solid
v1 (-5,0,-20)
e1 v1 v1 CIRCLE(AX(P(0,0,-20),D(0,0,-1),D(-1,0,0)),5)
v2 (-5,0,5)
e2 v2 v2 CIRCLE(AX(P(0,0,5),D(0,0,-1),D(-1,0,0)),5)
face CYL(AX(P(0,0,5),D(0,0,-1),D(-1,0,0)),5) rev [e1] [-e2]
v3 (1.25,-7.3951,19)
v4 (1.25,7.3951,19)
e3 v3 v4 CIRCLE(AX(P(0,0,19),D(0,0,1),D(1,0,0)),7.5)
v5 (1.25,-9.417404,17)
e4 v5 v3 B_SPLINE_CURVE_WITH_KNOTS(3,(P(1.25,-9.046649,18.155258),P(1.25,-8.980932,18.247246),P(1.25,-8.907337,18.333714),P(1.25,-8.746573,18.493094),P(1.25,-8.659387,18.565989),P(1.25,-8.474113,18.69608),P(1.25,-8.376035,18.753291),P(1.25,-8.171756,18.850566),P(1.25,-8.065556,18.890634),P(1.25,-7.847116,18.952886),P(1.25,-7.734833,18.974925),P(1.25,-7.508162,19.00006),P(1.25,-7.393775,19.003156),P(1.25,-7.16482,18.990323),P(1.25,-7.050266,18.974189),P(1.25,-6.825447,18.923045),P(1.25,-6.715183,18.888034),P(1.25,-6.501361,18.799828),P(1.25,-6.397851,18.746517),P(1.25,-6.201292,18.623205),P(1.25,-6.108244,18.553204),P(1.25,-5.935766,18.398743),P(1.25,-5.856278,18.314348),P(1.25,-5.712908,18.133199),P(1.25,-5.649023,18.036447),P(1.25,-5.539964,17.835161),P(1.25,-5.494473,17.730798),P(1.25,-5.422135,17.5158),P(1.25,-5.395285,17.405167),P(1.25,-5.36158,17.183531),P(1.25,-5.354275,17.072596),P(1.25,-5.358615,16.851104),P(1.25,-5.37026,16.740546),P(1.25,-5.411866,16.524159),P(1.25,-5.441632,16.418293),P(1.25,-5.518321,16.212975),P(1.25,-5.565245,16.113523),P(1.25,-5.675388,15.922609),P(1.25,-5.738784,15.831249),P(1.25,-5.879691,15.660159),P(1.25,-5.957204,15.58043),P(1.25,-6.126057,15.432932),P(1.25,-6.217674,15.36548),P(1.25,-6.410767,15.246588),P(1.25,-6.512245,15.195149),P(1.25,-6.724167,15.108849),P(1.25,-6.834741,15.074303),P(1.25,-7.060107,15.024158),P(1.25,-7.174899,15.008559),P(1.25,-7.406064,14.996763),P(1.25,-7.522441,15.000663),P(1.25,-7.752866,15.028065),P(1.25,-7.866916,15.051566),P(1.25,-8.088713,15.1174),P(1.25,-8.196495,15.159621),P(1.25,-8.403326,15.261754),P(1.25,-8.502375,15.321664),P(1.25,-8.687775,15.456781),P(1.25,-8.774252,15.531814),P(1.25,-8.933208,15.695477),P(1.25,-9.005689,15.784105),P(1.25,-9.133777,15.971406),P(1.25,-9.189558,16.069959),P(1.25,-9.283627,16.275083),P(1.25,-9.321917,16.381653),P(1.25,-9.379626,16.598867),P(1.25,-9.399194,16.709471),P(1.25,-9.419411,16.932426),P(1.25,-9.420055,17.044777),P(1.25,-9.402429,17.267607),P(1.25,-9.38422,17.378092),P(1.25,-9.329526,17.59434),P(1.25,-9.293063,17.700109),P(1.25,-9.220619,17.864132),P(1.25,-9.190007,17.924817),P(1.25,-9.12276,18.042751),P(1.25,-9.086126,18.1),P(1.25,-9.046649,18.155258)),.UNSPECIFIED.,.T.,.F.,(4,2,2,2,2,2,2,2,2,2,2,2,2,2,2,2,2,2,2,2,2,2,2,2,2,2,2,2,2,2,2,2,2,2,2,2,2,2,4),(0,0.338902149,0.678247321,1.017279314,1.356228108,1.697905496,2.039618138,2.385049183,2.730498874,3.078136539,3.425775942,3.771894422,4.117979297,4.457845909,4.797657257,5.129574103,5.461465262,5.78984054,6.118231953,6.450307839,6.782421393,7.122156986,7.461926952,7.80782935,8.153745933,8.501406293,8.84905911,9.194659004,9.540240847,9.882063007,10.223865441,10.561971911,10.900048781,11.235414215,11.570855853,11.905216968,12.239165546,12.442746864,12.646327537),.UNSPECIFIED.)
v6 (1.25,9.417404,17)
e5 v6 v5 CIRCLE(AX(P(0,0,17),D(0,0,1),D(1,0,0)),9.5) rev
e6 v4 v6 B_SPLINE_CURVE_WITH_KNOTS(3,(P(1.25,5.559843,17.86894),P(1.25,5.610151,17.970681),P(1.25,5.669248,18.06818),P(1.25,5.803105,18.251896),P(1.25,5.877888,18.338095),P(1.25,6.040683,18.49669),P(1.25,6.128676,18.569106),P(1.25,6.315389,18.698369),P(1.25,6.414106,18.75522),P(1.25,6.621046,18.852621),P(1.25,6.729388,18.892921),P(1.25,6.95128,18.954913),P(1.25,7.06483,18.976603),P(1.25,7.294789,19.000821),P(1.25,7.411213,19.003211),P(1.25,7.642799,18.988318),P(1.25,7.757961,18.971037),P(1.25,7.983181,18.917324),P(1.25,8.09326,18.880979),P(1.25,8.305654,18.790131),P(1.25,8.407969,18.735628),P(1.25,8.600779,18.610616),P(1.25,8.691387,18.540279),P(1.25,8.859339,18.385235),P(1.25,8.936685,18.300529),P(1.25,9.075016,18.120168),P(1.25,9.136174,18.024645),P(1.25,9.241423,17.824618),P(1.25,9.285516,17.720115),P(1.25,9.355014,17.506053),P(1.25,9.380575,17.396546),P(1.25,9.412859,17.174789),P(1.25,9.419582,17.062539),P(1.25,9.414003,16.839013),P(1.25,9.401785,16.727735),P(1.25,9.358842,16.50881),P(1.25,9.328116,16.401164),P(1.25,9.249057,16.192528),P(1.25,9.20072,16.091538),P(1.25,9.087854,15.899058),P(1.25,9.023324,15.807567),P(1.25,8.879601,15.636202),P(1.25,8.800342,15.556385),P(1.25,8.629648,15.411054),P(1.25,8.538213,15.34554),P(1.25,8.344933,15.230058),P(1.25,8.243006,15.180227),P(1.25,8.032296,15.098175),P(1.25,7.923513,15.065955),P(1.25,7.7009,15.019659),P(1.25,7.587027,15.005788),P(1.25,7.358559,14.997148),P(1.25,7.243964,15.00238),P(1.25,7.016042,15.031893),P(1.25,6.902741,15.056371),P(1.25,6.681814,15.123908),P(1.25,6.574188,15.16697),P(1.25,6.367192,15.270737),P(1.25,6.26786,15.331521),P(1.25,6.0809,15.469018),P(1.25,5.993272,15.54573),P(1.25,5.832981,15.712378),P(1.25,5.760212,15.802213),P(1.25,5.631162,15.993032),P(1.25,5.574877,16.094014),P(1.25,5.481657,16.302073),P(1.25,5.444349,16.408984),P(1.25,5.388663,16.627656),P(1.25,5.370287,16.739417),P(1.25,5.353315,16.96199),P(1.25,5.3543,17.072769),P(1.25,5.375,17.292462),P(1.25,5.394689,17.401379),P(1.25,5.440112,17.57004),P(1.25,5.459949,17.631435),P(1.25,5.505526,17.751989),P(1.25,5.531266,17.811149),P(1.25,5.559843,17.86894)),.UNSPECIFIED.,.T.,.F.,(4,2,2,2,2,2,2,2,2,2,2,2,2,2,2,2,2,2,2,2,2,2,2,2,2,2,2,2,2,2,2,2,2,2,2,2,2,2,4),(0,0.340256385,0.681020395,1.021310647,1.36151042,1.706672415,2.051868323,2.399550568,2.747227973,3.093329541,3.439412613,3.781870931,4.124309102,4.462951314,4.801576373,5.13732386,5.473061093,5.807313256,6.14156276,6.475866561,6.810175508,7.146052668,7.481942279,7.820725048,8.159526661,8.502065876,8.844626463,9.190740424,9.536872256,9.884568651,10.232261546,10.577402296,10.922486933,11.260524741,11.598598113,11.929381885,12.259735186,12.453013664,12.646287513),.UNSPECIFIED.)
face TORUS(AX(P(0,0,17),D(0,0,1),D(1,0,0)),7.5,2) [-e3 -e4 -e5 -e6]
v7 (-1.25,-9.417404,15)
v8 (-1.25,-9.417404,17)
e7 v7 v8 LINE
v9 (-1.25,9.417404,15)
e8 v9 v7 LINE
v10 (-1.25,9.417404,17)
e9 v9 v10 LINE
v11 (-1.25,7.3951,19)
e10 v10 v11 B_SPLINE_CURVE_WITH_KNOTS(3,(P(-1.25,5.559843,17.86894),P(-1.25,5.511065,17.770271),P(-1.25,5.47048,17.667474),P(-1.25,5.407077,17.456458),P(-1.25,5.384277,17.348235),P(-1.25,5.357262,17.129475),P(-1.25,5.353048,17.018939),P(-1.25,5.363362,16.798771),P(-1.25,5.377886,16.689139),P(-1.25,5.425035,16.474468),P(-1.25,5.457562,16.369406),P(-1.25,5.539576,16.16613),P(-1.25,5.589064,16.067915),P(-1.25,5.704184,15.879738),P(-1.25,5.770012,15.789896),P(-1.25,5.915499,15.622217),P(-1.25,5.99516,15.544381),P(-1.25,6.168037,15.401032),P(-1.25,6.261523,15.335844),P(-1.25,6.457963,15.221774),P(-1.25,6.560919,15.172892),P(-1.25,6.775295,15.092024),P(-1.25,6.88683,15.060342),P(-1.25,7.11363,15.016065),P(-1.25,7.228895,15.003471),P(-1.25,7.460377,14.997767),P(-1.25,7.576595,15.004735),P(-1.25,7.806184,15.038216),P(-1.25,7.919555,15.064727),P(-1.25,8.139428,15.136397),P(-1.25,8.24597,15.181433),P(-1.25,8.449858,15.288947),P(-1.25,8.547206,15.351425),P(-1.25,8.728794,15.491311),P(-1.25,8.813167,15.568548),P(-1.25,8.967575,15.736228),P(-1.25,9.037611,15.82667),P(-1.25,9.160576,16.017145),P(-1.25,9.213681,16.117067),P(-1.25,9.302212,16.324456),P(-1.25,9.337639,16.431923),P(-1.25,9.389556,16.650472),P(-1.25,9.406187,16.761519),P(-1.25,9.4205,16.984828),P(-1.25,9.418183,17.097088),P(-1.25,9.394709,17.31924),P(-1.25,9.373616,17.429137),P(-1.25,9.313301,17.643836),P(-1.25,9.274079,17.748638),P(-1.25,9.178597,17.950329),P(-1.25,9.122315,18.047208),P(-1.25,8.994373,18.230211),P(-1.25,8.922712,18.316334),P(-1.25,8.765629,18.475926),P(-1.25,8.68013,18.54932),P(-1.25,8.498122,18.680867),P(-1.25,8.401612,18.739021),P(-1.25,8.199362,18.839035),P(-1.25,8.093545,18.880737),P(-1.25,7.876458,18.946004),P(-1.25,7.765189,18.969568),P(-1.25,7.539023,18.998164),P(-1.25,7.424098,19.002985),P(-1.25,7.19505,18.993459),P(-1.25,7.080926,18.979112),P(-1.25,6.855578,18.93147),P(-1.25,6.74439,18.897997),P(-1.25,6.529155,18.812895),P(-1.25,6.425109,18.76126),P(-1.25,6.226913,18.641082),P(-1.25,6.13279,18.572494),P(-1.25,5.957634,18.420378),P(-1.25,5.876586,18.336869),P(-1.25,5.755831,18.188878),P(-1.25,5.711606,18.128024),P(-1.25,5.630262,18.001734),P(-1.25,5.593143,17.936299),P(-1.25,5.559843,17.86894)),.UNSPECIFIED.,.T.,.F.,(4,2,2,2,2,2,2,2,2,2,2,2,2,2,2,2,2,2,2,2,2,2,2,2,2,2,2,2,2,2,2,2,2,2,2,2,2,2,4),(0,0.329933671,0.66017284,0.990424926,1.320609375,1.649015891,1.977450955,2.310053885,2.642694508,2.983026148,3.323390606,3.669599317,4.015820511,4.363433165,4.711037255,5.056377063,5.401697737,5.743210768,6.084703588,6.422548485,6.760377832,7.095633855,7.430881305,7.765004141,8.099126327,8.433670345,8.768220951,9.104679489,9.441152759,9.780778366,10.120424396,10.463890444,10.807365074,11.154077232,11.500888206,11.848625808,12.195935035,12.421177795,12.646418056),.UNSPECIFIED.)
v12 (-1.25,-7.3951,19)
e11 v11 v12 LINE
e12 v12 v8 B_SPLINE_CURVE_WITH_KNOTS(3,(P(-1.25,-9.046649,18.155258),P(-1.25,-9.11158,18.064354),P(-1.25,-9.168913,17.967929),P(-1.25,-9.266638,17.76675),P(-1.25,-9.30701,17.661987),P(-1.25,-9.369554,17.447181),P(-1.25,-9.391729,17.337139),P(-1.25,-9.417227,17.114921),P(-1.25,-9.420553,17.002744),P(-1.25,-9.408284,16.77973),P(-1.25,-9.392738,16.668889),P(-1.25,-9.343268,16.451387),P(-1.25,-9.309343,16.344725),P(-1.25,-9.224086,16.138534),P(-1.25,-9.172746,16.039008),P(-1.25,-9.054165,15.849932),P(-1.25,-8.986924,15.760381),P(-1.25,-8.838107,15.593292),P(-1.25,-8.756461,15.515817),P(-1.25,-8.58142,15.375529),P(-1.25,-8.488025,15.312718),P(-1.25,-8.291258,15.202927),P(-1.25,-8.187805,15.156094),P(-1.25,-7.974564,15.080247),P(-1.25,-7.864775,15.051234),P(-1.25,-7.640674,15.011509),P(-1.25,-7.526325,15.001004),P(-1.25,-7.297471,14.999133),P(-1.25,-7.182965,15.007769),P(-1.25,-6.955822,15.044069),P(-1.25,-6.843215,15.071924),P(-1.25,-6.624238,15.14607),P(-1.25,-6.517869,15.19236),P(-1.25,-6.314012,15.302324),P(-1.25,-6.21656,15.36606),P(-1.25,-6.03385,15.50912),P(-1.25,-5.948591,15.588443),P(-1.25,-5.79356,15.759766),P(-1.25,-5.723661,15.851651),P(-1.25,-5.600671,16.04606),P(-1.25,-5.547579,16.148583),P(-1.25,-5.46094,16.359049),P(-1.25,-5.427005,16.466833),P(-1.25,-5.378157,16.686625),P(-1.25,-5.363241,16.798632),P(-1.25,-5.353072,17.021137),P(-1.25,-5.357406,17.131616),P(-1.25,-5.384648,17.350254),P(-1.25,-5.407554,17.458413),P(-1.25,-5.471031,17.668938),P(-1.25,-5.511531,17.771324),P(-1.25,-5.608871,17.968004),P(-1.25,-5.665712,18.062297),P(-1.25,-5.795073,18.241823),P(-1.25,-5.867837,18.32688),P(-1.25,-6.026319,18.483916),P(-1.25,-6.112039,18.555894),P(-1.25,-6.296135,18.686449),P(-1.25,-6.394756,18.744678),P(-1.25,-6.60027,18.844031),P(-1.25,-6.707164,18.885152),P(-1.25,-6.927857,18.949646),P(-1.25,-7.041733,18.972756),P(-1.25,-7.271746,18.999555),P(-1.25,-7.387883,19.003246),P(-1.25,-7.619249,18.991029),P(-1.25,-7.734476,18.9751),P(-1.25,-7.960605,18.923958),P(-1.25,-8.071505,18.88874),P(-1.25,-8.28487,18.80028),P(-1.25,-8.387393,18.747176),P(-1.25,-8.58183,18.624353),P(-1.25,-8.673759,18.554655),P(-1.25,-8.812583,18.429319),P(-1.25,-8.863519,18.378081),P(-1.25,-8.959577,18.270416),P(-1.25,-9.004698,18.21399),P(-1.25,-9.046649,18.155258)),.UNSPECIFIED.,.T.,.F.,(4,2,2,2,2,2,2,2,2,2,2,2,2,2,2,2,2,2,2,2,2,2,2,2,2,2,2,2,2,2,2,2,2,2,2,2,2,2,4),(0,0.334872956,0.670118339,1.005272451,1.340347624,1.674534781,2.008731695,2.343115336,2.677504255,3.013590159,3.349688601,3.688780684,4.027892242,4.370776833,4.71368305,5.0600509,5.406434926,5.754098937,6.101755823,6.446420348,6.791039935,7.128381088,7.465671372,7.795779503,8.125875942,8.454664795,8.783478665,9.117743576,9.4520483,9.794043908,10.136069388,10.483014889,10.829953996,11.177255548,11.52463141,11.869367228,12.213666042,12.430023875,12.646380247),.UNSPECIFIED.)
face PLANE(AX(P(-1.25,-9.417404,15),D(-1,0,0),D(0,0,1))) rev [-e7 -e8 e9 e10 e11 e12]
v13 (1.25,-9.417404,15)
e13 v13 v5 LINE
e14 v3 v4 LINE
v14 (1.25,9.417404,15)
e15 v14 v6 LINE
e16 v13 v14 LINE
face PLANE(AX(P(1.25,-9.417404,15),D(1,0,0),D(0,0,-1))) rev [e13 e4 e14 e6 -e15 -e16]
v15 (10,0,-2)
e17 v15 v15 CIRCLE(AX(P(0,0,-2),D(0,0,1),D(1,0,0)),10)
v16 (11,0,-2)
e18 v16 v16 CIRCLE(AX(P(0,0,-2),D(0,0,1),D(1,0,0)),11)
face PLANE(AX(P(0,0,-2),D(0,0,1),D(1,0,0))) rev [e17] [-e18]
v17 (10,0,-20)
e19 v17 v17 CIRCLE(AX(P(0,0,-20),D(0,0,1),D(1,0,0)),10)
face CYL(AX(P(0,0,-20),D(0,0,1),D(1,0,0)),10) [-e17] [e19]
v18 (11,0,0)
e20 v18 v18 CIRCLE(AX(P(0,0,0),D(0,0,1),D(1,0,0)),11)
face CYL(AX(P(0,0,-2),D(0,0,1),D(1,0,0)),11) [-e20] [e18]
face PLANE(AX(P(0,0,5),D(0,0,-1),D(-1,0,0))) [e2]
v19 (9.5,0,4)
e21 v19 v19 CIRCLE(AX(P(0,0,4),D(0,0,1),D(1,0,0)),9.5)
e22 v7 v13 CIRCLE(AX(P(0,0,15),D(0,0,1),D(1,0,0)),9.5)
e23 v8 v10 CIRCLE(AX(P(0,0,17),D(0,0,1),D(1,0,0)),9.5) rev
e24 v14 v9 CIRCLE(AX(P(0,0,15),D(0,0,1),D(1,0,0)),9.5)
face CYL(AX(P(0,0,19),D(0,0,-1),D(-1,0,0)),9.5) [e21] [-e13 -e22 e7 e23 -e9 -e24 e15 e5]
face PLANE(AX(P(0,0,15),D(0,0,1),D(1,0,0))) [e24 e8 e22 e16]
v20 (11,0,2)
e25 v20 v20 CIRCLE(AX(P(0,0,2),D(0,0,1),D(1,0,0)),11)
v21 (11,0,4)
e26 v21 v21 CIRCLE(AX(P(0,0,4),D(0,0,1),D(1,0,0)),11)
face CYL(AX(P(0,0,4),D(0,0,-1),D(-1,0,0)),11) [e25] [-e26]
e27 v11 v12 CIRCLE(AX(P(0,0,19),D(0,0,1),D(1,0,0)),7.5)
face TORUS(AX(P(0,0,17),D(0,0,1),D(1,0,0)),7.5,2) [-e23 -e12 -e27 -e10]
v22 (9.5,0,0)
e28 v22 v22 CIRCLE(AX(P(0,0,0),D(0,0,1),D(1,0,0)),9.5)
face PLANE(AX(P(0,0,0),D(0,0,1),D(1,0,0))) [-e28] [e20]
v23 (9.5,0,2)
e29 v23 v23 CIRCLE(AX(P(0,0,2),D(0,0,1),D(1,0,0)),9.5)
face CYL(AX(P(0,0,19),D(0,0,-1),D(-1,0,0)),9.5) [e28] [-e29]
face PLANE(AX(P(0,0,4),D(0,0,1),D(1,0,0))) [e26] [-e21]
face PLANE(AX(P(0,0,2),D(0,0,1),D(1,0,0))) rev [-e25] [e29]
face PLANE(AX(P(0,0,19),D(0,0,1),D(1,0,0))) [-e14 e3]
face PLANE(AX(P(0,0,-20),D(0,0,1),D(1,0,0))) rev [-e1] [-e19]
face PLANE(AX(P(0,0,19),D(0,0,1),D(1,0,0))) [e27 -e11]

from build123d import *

# Parameters (mm, degrees)
SKETCH1_R           = 9.5
BOSS_EXTRUDE1_DEPTH = 19
SKETCH1_5_R         = 10
BOSS_EXTRUDE4_DEPTH = 20
BOSS_EXTRUDE2_START = 2
SKETCH1_3_R         = 11
SKETCH1_3_R_2       = 9.5
BOSS_EXTRUDE2_DEPTH = 2
SKETCH1_4_R         = 11
SKETCH1_4_R_2       = 10
BOSS_EXTRUDE3_DEPTH = 2
FILLET1_R           = 2
CUT_EXTRUDE3_START  = -4
CUT_EXTRUDE3_DEPTH  = 4
SKETCH6_R           = 5
CUT_EXTRUDE4_DEPTH  = 25


with BuildPart() as part:
    # Sketch1 → Boss-Extrude1 (new body)
    with BuildSketch(Plane.XY):
        Circle(SKETCH1_R)
    extrude(amount=BOSS_EXTRUDE1_DEPTH)

    # Sketch1<5> → Boss-Extrude4 (add)
    with BuildSketch(Plane.XY):
        Circle(SKETCH1_5_R)
    extrude(amount=-BOSS_EXTRUDE4_DEPTH)

    # Sketch1<3> → Boss-Extrude2 (add)
    with BuildSketch(Plane.XY.offset(BOSS_EXTRUDE2_START)):
        Circle(SKETCH1_3_R)
        Circle(SKETCH1_3_R_2, mode=Mode.SUBTRACT)
    extrude(amount=BOSS_EXTRUDE2_DEPTH)

    # Sketch1<4> → Boss-Extrude3 (add)
    with BuildSketch(Plane.XY):
        Circle(SKETCH1_4_R)
        Circle(SKETCH1_4_R_2, mode=Mode.SUBTRACT)
    extrude(amount=-BOSS_EXTRUDE3_DEPTH)

    # Fillet1
    fillet1_edges = [part.edges().sort_by_distance(p)[0] for p in [
        (-9.5, 0, 19),
    ]]
    fillet(fillet1_edges, radius=FILLET1_R)

    # Sketch4 → Cut-Extrude3 (cut)
    with BuildSketch(Plane.XY.offset(19).offset(CUT_EXTRUDE3_START)):
        with BuildLine():
            Line((-1.25, -9.417404101), (-1.25, 9.417404101))
            ThreePointArc((-1.25, 9.417404101), (0, 9.5), (1.25, 9.417404101))
            Line((1.25, 9.417404101), (1.25, -9.417404101))
            ThreePointArc((1.25, -9.417404101), (0, -9.5), (-1.25, -9.417404101))
        make_face()
    extrude(amount=CUT_EXTRUDE3_DEPTH, mode=Mode.SUBTRACT)

    # Sketch6 → Cut-Extrude4 (cut)
    with BuildSketch(Plane(origin=(0, 0, -20), x_dir=(-1, 0, 0), z_dir=(0, 0, -1))):
        Circle(SKETCH6_R)
    extrude(amount=-CUT_EXTRUDE4_DEPTH, mode=Mode.SUBTRACT)


solid = part.part
